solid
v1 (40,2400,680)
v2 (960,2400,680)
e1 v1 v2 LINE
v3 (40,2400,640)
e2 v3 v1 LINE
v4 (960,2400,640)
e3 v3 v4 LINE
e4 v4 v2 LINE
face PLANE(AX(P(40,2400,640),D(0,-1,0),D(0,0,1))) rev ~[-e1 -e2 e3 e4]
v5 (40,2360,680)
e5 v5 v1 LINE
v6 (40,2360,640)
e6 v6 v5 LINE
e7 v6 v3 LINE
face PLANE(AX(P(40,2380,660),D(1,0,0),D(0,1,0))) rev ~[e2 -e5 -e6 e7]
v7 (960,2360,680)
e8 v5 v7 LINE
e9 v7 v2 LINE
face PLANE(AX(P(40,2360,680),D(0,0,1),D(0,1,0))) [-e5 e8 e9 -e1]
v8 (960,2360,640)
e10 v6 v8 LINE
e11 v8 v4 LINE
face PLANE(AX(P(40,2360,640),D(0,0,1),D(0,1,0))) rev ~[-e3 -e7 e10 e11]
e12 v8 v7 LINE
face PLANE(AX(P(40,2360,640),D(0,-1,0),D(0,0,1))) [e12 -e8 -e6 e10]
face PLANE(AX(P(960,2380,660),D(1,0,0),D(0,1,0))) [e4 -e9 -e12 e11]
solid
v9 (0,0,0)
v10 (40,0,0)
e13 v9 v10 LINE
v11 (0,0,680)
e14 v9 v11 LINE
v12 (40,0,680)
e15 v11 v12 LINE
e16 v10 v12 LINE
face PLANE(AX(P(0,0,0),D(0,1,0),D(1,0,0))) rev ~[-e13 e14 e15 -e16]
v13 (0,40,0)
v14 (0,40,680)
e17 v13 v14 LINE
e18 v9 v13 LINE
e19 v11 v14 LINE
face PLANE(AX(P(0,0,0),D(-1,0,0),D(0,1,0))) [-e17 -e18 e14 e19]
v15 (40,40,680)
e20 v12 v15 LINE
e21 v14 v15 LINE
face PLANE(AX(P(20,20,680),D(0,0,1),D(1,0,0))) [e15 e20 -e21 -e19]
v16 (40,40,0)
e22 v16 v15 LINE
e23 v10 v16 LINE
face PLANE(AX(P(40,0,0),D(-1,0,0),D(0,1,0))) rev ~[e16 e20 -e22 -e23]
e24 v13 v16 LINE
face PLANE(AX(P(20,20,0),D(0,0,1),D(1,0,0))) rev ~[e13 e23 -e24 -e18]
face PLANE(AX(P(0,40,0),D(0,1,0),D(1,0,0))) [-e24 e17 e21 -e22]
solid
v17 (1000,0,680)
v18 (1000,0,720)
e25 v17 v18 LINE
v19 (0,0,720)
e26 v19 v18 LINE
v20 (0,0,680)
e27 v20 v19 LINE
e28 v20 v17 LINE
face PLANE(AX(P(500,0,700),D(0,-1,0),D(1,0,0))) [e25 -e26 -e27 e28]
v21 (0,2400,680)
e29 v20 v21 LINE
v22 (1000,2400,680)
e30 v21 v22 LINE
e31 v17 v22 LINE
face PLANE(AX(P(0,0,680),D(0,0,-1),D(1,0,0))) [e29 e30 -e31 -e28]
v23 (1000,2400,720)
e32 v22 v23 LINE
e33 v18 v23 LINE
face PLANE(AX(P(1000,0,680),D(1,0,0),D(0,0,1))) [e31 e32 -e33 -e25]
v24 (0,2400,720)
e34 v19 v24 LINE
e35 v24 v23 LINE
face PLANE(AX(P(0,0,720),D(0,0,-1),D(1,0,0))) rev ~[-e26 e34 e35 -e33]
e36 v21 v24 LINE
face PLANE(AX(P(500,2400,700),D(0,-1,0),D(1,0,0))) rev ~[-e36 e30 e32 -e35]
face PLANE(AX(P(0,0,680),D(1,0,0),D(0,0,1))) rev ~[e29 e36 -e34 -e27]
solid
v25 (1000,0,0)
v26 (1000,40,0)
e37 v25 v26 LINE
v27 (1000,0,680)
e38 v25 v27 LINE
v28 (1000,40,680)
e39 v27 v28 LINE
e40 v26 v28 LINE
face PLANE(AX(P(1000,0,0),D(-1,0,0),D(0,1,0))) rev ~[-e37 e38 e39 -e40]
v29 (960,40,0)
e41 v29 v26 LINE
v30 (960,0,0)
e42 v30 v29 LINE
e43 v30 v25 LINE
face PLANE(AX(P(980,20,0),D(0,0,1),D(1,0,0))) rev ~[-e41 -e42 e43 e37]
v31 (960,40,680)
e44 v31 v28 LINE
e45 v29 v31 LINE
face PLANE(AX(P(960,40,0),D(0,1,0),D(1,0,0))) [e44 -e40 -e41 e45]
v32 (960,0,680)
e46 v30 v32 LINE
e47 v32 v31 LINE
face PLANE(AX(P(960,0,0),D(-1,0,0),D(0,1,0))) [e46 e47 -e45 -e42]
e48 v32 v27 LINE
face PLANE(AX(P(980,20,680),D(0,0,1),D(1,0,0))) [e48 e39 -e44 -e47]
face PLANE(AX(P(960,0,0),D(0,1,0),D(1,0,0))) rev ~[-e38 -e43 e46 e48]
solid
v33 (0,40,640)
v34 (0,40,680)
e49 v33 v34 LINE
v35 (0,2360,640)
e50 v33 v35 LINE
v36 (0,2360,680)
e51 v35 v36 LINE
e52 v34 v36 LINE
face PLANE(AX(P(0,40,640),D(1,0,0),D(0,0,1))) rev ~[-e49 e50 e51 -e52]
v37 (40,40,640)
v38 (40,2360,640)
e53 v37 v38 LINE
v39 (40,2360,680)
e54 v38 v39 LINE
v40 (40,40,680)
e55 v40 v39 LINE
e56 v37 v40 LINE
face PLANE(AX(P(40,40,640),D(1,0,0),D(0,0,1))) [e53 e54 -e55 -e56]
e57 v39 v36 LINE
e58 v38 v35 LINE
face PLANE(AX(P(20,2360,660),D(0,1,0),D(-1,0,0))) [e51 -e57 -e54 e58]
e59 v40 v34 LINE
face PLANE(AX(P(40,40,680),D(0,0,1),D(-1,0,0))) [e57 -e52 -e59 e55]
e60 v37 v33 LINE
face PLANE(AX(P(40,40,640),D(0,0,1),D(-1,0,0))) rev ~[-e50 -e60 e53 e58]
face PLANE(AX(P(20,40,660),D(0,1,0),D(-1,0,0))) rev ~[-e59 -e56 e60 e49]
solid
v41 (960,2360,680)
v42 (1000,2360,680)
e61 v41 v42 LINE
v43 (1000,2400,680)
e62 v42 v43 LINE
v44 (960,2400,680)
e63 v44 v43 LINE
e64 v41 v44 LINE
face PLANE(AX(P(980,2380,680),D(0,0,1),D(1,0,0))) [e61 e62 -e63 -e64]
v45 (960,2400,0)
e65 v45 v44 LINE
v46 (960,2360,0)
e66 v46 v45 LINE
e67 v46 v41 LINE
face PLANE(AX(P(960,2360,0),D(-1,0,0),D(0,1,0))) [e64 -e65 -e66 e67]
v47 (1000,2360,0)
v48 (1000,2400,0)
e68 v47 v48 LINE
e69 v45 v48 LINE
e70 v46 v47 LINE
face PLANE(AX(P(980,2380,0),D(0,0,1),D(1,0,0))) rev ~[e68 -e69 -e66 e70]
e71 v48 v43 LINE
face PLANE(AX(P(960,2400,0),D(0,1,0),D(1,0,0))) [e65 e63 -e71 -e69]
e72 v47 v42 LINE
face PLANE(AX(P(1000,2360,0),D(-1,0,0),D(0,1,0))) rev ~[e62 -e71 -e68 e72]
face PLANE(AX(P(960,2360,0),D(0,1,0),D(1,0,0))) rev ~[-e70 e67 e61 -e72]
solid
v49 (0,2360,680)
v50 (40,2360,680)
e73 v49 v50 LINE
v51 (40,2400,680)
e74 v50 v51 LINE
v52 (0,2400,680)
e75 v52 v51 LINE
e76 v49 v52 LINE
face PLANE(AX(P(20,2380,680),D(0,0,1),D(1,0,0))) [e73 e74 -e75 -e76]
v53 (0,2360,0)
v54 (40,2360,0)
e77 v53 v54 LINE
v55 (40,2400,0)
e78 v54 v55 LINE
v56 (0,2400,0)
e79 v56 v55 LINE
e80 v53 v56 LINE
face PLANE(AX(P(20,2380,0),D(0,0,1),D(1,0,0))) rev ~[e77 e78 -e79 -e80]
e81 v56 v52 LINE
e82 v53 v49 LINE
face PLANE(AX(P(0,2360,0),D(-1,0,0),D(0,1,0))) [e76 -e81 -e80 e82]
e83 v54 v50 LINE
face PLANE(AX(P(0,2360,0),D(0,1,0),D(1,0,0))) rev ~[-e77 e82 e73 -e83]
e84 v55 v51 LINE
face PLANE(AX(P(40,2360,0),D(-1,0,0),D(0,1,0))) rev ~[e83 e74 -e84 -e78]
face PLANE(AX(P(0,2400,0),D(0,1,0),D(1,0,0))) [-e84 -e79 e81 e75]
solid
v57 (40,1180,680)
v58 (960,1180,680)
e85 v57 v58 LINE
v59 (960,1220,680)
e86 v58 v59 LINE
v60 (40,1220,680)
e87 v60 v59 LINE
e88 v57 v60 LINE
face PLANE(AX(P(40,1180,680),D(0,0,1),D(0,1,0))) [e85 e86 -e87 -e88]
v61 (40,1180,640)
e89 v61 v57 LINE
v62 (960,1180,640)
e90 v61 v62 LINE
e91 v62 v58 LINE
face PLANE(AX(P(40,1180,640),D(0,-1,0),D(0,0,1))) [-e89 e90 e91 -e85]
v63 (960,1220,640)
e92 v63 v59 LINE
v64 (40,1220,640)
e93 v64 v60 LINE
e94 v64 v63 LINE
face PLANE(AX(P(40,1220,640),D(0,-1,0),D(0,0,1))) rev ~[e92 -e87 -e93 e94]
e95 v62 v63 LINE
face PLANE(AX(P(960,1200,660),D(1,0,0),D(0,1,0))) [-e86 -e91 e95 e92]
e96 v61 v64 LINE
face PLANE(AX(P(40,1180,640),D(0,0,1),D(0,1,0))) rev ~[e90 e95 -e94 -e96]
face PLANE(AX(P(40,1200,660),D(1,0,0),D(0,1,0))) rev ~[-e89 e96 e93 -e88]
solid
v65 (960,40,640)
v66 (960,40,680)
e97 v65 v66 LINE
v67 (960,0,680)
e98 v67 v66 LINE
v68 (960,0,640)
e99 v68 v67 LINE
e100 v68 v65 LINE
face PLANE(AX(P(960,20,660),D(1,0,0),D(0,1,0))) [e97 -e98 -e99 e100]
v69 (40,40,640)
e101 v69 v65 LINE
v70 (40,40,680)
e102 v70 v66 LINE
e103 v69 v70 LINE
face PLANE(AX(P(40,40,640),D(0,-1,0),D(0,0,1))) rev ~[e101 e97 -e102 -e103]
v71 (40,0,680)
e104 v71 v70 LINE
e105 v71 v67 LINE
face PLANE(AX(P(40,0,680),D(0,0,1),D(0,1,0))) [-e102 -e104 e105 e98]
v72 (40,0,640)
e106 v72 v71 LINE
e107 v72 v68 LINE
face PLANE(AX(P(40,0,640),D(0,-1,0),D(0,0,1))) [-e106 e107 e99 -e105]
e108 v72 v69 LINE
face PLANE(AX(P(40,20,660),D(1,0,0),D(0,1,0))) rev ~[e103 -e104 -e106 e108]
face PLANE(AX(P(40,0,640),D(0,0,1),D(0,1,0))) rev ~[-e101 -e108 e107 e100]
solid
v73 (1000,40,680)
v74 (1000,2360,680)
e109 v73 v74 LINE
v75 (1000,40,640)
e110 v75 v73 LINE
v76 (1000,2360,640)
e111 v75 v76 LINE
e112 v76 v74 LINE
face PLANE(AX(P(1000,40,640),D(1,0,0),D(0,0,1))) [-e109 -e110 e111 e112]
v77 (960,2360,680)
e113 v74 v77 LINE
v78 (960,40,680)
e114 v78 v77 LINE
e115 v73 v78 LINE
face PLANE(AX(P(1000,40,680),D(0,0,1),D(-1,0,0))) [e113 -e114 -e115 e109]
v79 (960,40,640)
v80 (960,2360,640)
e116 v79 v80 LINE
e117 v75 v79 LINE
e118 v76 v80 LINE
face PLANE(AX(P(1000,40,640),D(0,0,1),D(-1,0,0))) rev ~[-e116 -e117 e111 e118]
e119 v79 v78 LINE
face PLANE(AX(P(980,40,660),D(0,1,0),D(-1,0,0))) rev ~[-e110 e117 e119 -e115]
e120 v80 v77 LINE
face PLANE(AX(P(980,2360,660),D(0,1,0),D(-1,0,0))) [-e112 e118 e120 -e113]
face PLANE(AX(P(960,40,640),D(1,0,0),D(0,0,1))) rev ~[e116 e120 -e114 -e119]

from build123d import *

# Parameters (mm, degrees)
F0_W      = 40
F0_H      = 40
F1_DEPTH  = 680
F2_W      = 40
F2_H      = 40
F3_W      = 40
F3_H      = 40
F4_DEPTH  = 2320
F5_W      = 40
F5_H      = 40
F6_W      = 40
F6_H      = 40
F7_W      = 40
F7_H      = 40
F8_DEPTH  = 920
F9_W      = 1000
F9_H      = 40
F10_DEPTH = 2400


with BuildPart() as f1:
    # F0 (on Top) → F1 (new body)
    with BuildSketch(Plane.XY):
        with Locations((20, 20)):
            Rectangle(F0_W, F0_H)
        with Locations((980, 20)):
            Rectangle(F0_W, F0_H)
        with Locations((20, 2380)):
            Rectangle(F0_W, F0_H)
        with Locations((980, 2380)):
            Rectangle(F0_W, F0_H)
    extrude(amount=F1_DEPTH)


with BuildPart() as f4:
    # F2 (on face) + F3 (on face) → F4 (new body)
    with BuildSketch(Plane(origin=(0, 40, 0), x_dir=(-1, 0, 0), z_dir=(0, 1, 0))):
        with Locations((-20, 660)):
            Rectangle(F2_W, F2_H)
    with BuildSketch(Plane(origin=(0, 40, 0), x_dir=(-1, 0, 0), z_dir=(0, 1, 0))):
        with Locations((-980, 660)):
            Rectangle(F3_W, F3_H)
    extrude(amount=F4_DEPTH)


with BuildPart() as f8:
    # F5 (on face) + F6 (on face) + F7 (on face) → F8 (new body)
    with BuildSketch(Plane.YZ.offset(40)):
        with Locations((20, 660)):
            Rectangle(F5_W, F5_H)
    with BuildSketch(Plane.YZ.offset(40)):
        with Locations((1200, 660)):
            Rectangle(F6_W, F6_H)
    with BuildSketch(Plane.YZ.offset(40)):
        with Locations((2380, 660)):
            Rectangle(F7_W, F7_H)
    extrude(amount=F8_DEPTH)


with BuildPart() as f10:
    # F9 (on Front) → F10 (new body)
    with BuildSketch(Plane.XZ):
        with Locations((500, 700)):
            Rectangle(F9_W, F9_H)
    extrude(amount=-F10_DEPTH)


solid = Compound([f1.part, f4.part, f8.part, f10.part])
